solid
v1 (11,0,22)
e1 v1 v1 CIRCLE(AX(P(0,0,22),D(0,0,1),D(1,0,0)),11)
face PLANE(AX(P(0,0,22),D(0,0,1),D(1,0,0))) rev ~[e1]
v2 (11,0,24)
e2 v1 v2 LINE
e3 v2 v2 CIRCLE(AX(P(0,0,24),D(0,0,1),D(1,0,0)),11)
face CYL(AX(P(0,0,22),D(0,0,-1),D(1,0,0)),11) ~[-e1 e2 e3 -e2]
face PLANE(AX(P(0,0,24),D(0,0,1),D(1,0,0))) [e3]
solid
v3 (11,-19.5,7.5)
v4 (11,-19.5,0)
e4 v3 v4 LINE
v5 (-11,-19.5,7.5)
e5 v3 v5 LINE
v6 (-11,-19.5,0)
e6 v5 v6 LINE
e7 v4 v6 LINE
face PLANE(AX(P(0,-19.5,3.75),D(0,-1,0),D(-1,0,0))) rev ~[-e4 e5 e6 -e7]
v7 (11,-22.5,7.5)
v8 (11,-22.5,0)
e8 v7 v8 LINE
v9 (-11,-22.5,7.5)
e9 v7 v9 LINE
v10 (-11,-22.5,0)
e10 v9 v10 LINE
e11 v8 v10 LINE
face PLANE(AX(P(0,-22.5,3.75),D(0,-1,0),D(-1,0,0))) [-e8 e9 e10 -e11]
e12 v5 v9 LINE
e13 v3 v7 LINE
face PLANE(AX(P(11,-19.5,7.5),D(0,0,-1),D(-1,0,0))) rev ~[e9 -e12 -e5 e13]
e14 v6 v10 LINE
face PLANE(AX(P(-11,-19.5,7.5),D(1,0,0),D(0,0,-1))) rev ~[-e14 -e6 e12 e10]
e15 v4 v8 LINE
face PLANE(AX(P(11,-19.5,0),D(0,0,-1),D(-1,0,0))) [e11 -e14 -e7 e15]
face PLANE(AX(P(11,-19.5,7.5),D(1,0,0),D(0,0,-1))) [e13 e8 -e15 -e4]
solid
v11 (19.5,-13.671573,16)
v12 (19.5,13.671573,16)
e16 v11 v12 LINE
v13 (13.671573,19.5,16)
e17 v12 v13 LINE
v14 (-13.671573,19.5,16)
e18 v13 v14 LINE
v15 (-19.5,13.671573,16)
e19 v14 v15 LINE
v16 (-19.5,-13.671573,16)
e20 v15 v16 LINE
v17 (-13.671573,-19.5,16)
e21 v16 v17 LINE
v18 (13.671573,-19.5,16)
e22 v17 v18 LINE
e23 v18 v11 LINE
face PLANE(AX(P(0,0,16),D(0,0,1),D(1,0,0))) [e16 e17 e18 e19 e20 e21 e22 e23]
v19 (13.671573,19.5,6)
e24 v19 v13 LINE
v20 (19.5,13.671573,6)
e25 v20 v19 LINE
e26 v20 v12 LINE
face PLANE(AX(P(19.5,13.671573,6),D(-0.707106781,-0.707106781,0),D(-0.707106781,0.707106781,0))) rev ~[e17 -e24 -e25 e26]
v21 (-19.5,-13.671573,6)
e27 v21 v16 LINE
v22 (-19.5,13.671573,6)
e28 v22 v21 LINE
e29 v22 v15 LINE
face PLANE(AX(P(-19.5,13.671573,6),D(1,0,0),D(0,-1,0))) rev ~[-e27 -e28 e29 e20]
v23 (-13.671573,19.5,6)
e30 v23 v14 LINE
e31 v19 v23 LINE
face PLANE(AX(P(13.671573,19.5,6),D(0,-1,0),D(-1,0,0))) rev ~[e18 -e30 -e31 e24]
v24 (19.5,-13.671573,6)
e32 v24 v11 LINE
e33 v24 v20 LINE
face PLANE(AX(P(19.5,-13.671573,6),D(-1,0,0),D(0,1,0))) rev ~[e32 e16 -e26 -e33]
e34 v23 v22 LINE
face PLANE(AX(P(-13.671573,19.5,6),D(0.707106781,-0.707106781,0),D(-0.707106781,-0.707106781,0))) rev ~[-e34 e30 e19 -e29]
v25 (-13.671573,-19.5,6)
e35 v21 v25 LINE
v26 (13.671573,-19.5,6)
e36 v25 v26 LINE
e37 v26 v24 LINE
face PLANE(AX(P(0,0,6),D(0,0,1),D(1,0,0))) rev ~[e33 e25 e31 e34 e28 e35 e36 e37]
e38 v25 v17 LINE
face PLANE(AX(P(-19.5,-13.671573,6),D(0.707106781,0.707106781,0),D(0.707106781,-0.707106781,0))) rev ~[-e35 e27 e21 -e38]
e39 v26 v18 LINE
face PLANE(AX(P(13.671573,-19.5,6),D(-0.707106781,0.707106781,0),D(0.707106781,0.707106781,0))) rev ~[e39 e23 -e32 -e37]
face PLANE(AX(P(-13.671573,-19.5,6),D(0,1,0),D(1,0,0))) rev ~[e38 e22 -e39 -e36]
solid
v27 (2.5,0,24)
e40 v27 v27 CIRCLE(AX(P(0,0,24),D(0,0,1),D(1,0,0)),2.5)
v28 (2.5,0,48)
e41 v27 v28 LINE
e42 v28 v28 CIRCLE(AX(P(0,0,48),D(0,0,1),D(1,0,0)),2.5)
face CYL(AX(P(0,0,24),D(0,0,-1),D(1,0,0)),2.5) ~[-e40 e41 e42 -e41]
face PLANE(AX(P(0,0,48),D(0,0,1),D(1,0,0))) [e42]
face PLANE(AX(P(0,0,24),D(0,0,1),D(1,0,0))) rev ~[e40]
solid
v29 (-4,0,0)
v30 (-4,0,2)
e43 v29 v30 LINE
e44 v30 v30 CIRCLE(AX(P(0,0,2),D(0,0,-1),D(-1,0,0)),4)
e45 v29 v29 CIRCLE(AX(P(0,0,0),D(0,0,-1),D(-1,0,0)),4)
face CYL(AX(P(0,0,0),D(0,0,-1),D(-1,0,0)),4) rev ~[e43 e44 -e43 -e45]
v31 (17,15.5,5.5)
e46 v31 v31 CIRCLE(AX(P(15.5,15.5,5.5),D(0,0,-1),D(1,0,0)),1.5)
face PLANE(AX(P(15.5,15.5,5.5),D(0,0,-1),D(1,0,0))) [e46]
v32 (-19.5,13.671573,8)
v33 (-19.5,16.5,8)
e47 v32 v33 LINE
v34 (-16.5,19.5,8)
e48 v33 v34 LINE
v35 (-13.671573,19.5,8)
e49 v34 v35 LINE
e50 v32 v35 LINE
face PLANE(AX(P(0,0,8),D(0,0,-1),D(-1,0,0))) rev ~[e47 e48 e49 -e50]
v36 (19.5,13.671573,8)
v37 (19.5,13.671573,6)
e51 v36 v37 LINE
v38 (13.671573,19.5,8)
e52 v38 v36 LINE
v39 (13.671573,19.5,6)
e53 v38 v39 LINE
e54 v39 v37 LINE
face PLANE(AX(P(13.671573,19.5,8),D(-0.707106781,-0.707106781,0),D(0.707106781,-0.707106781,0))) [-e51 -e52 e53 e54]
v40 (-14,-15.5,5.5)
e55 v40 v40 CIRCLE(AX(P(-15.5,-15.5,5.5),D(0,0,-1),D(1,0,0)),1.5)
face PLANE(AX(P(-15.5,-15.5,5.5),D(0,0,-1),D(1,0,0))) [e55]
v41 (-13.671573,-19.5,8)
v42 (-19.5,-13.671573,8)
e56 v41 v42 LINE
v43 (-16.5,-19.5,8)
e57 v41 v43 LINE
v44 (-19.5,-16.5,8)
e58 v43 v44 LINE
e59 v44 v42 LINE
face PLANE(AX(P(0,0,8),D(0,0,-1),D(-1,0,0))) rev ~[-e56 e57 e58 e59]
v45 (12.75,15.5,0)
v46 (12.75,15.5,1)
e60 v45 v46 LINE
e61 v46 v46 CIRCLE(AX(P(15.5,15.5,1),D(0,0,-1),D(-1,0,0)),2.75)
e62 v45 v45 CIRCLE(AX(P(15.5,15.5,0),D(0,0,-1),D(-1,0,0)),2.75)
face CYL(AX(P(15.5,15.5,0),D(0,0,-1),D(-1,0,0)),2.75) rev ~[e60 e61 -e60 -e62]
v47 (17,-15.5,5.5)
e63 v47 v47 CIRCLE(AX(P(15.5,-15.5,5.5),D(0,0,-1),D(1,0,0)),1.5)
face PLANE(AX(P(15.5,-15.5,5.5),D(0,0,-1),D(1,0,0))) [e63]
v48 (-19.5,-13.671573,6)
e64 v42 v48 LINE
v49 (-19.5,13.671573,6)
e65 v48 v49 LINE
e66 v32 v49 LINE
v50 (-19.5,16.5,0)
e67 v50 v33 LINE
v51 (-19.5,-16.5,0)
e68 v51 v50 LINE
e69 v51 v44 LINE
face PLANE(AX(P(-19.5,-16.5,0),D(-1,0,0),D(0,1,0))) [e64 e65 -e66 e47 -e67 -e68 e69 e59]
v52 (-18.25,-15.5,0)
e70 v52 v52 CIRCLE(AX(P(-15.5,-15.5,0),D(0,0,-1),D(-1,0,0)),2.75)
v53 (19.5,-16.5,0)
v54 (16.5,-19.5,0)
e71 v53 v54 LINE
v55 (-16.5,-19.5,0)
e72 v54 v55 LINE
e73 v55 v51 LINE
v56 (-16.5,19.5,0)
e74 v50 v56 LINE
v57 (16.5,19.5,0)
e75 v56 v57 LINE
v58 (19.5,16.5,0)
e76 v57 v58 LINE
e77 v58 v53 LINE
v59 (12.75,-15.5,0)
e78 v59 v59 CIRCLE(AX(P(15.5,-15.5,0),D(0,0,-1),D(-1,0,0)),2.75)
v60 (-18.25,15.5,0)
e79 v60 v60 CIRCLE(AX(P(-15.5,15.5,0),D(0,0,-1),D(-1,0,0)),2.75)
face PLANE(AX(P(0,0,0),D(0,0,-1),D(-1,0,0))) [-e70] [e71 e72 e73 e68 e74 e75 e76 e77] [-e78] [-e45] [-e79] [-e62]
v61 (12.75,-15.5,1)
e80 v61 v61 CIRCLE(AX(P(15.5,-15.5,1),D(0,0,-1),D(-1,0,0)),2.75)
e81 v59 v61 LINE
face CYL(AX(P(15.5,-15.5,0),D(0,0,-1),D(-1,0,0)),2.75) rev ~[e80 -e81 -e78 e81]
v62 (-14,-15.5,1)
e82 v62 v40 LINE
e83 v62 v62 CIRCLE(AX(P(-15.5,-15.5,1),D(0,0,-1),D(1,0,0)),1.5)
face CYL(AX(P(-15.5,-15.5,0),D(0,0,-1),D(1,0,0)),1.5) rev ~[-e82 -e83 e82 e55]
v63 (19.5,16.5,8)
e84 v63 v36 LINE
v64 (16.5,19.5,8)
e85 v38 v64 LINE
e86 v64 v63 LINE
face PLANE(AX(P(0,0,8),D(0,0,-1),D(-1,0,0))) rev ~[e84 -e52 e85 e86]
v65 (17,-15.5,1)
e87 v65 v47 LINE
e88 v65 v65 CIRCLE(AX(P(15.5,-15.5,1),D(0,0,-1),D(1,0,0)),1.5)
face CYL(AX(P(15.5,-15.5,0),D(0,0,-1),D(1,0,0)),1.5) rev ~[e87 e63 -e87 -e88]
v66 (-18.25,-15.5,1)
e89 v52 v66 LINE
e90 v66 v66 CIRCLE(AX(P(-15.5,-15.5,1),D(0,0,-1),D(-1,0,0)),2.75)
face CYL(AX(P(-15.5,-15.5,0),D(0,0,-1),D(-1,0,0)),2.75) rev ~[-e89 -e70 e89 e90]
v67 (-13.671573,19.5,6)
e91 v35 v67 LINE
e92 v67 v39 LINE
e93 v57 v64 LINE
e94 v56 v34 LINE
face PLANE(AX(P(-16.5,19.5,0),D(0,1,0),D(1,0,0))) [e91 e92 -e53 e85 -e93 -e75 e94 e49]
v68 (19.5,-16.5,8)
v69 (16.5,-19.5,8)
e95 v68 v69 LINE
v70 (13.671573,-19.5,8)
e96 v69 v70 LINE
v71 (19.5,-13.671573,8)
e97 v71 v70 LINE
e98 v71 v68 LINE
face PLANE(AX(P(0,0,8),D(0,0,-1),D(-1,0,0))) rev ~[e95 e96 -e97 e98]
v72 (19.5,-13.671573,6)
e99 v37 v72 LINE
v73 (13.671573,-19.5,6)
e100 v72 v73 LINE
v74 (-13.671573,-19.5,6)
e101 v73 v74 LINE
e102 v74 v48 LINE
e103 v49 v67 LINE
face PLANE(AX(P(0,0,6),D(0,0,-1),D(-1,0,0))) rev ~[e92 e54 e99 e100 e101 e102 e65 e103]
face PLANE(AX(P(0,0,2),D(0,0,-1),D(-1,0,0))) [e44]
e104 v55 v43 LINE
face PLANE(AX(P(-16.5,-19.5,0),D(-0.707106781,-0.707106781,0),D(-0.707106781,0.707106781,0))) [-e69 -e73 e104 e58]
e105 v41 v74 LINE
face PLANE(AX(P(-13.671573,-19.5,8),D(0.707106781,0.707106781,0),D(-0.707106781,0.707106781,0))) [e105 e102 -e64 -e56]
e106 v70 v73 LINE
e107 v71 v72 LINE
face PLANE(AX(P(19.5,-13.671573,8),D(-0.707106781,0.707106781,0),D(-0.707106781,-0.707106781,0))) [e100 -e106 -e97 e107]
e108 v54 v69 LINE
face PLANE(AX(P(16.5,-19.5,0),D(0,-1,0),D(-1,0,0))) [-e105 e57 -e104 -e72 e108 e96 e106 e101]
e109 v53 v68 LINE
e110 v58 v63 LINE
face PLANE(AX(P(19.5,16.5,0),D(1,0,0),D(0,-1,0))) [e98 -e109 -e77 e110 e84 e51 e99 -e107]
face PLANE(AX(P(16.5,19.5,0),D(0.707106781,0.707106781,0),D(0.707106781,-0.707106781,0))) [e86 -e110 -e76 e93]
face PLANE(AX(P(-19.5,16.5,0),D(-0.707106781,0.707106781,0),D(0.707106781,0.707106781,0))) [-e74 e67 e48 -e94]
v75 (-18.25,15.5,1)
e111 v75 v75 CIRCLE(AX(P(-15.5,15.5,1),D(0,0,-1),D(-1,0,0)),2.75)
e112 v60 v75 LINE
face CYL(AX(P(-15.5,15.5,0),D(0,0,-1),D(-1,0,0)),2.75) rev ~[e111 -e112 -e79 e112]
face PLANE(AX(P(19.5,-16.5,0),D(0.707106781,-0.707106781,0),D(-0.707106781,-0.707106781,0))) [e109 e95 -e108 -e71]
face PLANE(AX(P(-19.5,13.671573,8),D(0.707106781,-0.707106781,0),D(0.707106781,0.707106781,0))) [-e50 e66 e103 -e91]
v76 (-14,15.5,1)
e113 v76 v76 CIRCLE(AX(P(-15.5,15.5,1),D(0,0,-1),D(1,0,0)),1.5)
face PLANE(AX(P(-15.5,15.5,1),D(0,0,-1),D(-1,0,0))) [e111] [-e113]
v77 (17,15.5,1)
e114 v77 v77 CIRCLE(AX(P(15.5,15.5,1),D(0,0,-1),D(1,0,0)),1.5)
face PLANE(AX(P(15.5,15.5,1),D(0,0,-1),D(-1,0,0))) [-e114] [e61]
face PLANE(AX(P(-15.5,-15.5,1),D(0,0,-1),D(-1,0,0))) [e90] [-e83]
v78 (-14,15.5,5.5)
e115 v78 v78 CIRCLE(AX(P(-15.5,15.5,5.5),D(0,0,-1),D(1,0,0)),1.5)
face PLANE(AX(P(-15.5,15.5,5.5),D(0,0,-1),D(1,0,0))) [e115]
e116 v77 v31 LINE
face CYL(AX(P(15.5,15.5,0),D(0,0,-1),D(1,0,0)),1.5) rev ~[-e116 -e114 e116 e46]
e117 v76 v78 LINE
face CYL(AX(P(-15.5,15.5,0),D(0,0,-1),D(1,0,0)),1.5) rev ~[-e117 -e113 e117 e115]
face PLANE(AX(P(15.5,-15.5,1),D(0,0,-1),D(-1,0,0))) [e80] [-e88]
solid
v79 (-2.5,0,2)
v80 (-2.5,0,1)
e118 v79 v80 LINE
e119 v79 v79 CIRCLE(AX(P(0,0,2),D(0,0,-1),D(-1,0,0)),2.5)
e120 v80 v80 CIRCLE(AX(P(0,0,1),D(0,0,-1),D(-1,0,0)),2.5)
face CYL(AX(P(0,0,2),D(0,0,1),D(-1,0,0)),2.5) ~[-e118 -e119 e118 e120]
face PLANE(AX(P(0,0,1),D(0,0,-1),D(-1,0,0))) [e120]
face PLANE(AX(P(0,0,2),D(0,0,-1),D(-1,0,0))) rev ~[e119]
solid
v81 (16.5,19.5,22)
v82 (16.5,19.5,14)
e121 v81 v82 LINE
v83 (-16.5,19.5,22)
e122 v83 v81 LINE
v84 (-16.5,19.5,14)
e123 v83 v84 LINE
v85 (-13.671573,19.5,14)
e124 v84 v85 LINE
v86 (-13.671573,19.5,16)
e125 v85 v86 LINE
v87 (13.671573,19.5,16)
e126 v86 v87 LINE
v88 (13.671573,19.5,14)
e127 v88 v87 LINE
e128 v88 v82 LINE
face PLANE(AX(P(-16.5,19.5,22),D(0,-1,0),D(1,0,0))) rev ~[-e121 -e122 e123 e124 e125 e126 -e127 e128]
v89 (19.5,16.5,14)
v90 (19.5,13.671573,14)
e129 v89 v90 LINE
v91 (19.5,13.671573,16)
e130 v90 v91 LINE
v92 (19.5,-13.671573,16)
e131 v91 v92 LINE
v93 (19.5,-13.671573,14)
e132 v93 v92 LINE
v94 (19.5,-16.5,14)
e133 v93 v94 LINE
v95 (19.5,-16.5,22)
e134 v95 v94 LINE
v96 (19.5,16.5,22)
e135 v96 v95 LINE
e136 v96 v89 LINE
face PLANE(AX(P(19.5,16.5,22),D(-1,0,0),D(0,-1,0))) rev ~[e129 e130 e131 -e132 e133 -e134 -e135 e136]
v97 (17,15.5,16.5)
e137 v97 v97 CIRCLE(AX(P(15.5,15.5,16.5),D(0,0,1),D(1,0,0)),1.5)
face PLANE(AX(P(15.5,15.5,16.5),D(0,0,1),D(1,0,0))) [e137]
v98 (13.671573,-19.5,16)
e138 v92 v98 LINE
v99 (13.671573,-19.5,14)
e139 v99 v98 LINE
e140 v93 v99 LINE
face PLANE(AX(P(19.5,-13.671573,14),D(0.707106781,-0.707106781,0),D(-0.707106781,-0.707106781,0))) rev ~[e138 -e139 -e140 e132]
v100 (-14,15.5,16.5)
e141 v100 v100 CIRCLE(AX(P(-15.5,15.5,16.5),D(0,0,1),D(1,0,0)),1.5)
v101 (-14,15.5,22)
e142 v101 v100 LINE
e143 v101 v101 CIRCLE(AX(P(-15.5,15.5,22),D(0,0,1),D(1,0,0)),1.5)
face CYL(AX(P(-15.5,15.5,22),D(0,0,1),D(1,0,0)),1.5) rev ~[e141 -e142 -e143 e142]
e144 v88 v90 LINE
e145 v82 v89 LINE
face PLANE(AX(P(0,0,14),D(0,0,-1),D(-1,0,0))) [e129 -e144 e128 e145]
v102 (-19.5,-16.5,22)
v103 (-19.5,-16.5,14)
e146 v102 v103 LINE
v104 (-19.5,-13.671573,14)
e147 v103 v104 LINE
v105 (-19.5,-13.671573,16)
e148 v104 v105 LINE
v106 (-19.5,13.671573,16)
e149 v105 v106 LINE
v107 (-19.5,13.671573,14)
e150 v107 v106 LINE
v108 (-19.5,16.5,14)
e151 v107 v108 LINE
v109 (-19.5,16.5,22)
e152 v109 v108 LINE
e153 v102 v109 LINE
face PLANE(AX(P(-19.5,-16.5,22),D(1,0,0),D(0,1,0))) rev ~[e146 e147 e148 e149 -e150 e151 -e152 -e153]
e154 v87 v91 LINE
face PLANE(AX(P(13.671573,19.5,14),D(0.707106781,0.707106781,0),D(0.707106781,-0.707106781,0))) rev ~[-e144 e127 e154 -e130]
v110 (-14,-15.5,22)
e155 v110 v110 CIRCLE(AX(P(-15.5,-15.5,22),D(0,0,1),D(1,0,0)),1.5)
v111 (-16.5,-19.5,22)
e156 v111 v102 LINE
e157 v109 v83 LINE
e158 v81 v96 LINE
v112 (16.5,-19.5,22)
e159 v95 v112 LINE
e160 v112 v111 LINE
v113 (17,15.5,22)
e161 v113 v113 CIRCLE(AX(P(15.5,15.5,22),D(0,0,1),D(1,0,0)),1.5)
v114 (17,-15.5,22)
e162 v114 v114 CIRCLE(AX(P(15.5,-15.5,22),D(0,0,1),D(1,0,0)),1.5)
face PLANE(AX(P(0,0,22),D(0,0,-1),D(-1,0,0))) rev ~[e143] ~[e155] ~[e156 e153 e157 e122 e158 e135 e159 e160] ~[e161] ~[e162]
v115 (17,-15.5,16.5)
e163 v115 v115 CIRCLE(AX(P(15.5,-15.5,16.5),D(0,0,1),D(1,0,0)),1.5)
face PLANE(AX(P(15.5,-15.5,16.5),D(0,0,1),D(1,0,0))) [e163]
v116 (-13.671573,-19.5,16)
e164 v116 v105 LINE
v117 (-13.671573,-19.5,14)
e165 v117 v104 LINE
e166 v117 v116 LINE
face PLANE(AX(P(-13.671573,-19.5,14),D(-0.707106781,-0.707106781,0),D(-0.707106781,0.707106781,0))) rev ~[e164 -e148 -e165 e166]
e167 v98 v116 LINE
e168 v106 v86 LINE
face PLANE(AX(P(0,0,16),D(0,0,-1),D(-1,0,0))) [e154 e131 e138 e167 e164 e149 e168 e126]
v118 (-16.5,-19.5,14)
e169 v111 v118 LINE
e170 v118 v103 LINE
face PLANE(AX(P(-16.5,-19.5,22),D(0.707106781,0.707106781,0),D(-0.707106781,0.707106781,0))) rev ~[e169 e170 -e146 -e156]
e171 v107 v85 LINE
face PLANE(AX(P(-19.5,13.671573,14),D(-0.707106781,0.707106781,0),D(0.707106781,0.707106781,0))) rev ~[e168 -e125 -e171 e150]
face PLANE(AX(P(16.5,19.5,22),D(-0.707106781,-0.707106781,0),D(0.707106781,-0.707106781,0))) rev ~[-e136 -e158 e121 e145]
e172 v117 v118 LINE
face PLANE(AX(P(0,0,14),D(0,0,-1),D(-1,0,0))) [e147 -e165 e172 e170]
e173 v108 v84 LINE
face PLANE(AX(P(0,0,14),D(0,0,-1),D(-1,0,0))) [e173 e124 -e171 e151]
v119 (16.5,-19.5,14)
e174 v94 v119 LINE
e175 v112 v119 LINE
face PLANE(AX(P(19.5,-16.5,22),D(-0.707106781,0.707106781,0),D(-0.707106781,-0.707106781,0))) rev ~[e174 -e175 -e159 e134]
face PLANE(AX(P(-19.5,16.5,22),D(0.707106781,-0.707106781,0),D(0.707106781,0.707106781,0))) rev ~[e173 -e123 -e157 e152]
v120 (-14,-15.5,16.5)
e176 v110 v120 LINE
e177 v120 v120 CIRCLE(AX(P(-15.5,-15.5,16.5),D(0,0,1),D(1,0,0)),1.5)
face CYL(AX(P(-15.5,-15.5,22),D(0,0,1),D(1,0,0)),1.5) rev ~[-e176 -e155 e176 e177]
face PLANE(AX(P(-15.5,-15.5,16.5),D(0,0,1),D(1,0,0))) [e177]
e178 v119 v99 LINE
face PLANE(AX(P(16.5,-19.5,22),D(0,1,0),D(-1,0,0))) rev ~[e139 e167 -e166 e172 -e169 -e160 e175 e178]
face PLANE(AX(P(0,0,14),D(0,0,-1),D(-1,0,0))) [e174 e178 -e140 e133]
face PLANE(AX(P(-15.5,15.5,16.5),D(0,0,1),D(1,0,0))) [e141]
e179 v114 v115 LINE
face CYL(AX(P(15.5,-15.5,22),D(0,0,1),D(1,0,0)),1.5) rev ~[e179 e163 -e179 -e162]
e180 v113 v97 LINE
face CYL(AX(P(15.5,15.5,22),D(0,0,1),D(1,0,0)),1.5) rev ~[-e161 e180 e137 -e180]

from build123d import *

# Parameters (mm, degrees)
BOSS_EXTRUDE1_DEPTH  = 8
CUT_EXTRUDE1_DEPTH   = 2
BOSS_EXTRUDE7_DEPTH  = 8
EXTRUDE_3_DEPTH      = 10
CUT_EXTRUDE2_DEPTH   = 2
SKETCH10_R           = 1.5
CUT_EXTRUDE3_DEPTH   = 5.5
SKETCH11_R           = 11
BOSS_EXTRUDE9_DEPTH  = 2
SKETCH12_R           = 2.5
BOSS_EXTRUDE10_DEPTH = 24
SKETCH14_R           = 1.5
CUT_EXTRUDE5_DEPTH   = 5.5
SKETCH16_R           = 4
CUT_EXTRUDE6_DEPTH   = 2
SKETCH17_R           = 2.5
BOSS_EXTRUDE11_DEPTH = 1
SKETCH18_R           = 2.75
CUT_EXTRUDE7_DEPTH   = 1
SKETCH_3_W           = 22
SKETCH_3_H           = 7.5
EXTRUDE_4_DEPTH      = 3


with BuildPart() as part:
    # Sketch1 → Boss-Extrude1 (new body)
    with BuildSketch(Plane.XY):
        Polygon((-19.5, 16.5), (-16.5, 19.5), (16.5, 19.5), (19.5, 16.5), (19.5, -16.5), (16.5, -19.5), (-16.5, -19.5), (-19.5, -16.5), align=None)
    extrude(amount=BOSS_EXTRUDE1_DEPTH)

    # Sketch2 → Cut-Extrude1 (cut)
    with BuildSketch(Plane.XY.offset(8)):
        Polygon((-19.5, 13.671572875), (-13.671572875, 19.5), (13.671572875, 19.5), (19.5, 13.671572875), (19.5, -13.671572875), (13.671572875, -19.5), (-13.671572875, -19.5), (-19.5, -13.671572875), align=None)
    extrude(amount=-CUT_EXTRUDE1_DEPTH, mode=Mode.SUBTRACT)

    # Sketch14 → Cut-Extrude5 (cut)
    with BuildSketch(Plane(origin=(0, 0, 0), x_dir=(-1, 0, 0), z_dir=(0, 0, -1))):
        with Locations(Location((15.5, -15.5, 0), (0, 0, 180))):
            Circle(SKETCH14_R)
        with Locations(Location((-15.5, -15.5, 0), (0, 0, 180))):
            Circle(SKETCH14_R)
        with Locations(Location((-15.5, 15.5, 0), (0, 0, 180))):
            Circle(SKETCH14_R)
        with Locations(Location((15.5, 15.5, 0), (0, 0, 180))):
            Circle(SKETCH14_R)
    extrude(amount=-CUT_EXTRUDE5_DEPTH, mode=Mode.SUBTRACT)

    # Sketch16 → Cut-Extrude6 (cut)
    with BuildSketch(Plane(origin=(0, 0, 0), x_dir=(-1, 0, 0), z_dir=(0, 0, -1))):
        Circle(SKETCH16_R)
    extrude(amount=-CUT_EXTRUDE6_DEPTH, mode=Mode.SUBTRACT)

    # Sketch18 → Cut-Extrude7 (cut)
    with BuildSketch(Plane(origin=(0, 0, 0), x_dir=(-1, 0, 0), z_dir=(0, 0, -1))):
        with Locations((15.5, -15.5)):
            Circle(SKETCH18_R)
        with Locations((-15.5, -15.5)):
            Circle(SKETCH18_R)
        with Locations((-15.5, 15.5)):
            Circle(SKETCH18_R)
        with Locations((15.5, 15.5)):
            Circle(SKETCH18_R)
    extrude(amount=-CUT_EXTRUDE7_DEPTH, mode=Mode.SUBTRACT)


with BuildPart() as body_2:
    # Sketch8 → Boss-Extrude7 (new body)
    with BuildSketch(Plane(origin=(0, 0, 22), x_dir=(-1, 0, 0), z_dir=(0, 0, -1))):
        Polygon((19.5, 16.5), (16.5, 19.5), (-16.5, 19.5), (-19.5, 16.5), (-19.5, -16.5), (-16.5, -19.5), (16.5, -19.5), (19.5, -16.5), align=None)
    extrude(amount=BOSS_EXTRUDE7_DEPTH)

    # Sketch9 → Cut-Extrude2 (cut)
    with BuildSketch(Plane(origin=(0, 0, 14), x_dir=(-1, 0, 0), z_dir=(0, 0, -1))):
        Polygon((13.671572875, -19.5), (19.5, -13.671572875), (19.5, 13.671572875), (13.671572875, 19.5), (-13.671572875, 19.5), (-19.5, 13.671572875), (-19.5, -13.671572875), (-13.671572875, -19.5), align=None)
    extrude(amount=-CUT_EXTRUDE2_DEPTH, mode=Mode.SUBTRACT)

    # Sketch10 → Cut-Extrude3 (cut)
    with BuildSketch(Plane.XY.offset(22)):
        with Locations((-15.5, 15.5)):
            Circle(SKETCH10_R)
        with Locations((15.5, 15.5)):
            Circle(SKETCH10_R)
        with Locations((15.5, -15.5)):
            Circle(SKETCH10_R)
        with Locations((-15.5, -15.5)):
            Circle(SKETCH10_R)
    extrude(amount=-CUT_EXTRUDE3_DEPTH, mode=Mode.SUBTRACT)


with BuildPart() as body_3:
    # 草图4 → 凸台-拉伸3 (new body)
    with BuildSketch(Plane.XY.offset(6)):
        Polygon((-13.671572875, 19.5), (-19.5, 13.671572875), (-19.5, -13.671572875), (-13.671572875, -19.5), (13.671572875, -19.5), (19.5, -13.671572875), (19.5, 13.671572875), (13.671572875, 19.5), align=None)
    extrude(amount=EXTRUDE_3_DEPTH)


with BuildPart() as body_4:
    # Sketch11 → Boss-Extrude9 (new body)
    with BuildSketch(Plane.XY.offset(22)):
        Circle(SKETCH11_R)
    extrude(amount=BOSS_EXTRUDE9_DEPTH)


with BuildPart() as body_5:
    # Sketch12 → Boss-Extrude10 (new body)
    with BuildSketch(Plane.XY.offset(24)):
        Circle(SKETCH12_R)
    extrude(amount=BOSS_EXTRUDE10_DEPTH)


with BuildPart() as body_6:
    # Sketch17 → Boss-Extrude11 (new body)
    with BuildSketch(Plane(origin=(0, 0, 2), x_dir=(-1, 0, 0), z_dir=(0, 0, -1))):
        Circle(SKETCH17_R)
    extrude(amount=BOSS_EXTRUDE11_DEPTH)


with BuildPart() as body_7:
    # 草图3 → 凸台-拉伸4 (new body)
    with BuildSketch(Plane(origin=(0, -19.5, 0), x_dir=(-1, 0, 0), z_dir=(0, -1, 0))):
        with Locations((0, -3.75)):
            Rectangle(SKETCH_3_W, SKETCH_3_H)
    extrude(amount=EXTRUDE_4_DEPTH)


solid = Compound([part.part, body_2.part, body_3.part, body_4.part, body_5.part, body_6.part, body_7.part])
